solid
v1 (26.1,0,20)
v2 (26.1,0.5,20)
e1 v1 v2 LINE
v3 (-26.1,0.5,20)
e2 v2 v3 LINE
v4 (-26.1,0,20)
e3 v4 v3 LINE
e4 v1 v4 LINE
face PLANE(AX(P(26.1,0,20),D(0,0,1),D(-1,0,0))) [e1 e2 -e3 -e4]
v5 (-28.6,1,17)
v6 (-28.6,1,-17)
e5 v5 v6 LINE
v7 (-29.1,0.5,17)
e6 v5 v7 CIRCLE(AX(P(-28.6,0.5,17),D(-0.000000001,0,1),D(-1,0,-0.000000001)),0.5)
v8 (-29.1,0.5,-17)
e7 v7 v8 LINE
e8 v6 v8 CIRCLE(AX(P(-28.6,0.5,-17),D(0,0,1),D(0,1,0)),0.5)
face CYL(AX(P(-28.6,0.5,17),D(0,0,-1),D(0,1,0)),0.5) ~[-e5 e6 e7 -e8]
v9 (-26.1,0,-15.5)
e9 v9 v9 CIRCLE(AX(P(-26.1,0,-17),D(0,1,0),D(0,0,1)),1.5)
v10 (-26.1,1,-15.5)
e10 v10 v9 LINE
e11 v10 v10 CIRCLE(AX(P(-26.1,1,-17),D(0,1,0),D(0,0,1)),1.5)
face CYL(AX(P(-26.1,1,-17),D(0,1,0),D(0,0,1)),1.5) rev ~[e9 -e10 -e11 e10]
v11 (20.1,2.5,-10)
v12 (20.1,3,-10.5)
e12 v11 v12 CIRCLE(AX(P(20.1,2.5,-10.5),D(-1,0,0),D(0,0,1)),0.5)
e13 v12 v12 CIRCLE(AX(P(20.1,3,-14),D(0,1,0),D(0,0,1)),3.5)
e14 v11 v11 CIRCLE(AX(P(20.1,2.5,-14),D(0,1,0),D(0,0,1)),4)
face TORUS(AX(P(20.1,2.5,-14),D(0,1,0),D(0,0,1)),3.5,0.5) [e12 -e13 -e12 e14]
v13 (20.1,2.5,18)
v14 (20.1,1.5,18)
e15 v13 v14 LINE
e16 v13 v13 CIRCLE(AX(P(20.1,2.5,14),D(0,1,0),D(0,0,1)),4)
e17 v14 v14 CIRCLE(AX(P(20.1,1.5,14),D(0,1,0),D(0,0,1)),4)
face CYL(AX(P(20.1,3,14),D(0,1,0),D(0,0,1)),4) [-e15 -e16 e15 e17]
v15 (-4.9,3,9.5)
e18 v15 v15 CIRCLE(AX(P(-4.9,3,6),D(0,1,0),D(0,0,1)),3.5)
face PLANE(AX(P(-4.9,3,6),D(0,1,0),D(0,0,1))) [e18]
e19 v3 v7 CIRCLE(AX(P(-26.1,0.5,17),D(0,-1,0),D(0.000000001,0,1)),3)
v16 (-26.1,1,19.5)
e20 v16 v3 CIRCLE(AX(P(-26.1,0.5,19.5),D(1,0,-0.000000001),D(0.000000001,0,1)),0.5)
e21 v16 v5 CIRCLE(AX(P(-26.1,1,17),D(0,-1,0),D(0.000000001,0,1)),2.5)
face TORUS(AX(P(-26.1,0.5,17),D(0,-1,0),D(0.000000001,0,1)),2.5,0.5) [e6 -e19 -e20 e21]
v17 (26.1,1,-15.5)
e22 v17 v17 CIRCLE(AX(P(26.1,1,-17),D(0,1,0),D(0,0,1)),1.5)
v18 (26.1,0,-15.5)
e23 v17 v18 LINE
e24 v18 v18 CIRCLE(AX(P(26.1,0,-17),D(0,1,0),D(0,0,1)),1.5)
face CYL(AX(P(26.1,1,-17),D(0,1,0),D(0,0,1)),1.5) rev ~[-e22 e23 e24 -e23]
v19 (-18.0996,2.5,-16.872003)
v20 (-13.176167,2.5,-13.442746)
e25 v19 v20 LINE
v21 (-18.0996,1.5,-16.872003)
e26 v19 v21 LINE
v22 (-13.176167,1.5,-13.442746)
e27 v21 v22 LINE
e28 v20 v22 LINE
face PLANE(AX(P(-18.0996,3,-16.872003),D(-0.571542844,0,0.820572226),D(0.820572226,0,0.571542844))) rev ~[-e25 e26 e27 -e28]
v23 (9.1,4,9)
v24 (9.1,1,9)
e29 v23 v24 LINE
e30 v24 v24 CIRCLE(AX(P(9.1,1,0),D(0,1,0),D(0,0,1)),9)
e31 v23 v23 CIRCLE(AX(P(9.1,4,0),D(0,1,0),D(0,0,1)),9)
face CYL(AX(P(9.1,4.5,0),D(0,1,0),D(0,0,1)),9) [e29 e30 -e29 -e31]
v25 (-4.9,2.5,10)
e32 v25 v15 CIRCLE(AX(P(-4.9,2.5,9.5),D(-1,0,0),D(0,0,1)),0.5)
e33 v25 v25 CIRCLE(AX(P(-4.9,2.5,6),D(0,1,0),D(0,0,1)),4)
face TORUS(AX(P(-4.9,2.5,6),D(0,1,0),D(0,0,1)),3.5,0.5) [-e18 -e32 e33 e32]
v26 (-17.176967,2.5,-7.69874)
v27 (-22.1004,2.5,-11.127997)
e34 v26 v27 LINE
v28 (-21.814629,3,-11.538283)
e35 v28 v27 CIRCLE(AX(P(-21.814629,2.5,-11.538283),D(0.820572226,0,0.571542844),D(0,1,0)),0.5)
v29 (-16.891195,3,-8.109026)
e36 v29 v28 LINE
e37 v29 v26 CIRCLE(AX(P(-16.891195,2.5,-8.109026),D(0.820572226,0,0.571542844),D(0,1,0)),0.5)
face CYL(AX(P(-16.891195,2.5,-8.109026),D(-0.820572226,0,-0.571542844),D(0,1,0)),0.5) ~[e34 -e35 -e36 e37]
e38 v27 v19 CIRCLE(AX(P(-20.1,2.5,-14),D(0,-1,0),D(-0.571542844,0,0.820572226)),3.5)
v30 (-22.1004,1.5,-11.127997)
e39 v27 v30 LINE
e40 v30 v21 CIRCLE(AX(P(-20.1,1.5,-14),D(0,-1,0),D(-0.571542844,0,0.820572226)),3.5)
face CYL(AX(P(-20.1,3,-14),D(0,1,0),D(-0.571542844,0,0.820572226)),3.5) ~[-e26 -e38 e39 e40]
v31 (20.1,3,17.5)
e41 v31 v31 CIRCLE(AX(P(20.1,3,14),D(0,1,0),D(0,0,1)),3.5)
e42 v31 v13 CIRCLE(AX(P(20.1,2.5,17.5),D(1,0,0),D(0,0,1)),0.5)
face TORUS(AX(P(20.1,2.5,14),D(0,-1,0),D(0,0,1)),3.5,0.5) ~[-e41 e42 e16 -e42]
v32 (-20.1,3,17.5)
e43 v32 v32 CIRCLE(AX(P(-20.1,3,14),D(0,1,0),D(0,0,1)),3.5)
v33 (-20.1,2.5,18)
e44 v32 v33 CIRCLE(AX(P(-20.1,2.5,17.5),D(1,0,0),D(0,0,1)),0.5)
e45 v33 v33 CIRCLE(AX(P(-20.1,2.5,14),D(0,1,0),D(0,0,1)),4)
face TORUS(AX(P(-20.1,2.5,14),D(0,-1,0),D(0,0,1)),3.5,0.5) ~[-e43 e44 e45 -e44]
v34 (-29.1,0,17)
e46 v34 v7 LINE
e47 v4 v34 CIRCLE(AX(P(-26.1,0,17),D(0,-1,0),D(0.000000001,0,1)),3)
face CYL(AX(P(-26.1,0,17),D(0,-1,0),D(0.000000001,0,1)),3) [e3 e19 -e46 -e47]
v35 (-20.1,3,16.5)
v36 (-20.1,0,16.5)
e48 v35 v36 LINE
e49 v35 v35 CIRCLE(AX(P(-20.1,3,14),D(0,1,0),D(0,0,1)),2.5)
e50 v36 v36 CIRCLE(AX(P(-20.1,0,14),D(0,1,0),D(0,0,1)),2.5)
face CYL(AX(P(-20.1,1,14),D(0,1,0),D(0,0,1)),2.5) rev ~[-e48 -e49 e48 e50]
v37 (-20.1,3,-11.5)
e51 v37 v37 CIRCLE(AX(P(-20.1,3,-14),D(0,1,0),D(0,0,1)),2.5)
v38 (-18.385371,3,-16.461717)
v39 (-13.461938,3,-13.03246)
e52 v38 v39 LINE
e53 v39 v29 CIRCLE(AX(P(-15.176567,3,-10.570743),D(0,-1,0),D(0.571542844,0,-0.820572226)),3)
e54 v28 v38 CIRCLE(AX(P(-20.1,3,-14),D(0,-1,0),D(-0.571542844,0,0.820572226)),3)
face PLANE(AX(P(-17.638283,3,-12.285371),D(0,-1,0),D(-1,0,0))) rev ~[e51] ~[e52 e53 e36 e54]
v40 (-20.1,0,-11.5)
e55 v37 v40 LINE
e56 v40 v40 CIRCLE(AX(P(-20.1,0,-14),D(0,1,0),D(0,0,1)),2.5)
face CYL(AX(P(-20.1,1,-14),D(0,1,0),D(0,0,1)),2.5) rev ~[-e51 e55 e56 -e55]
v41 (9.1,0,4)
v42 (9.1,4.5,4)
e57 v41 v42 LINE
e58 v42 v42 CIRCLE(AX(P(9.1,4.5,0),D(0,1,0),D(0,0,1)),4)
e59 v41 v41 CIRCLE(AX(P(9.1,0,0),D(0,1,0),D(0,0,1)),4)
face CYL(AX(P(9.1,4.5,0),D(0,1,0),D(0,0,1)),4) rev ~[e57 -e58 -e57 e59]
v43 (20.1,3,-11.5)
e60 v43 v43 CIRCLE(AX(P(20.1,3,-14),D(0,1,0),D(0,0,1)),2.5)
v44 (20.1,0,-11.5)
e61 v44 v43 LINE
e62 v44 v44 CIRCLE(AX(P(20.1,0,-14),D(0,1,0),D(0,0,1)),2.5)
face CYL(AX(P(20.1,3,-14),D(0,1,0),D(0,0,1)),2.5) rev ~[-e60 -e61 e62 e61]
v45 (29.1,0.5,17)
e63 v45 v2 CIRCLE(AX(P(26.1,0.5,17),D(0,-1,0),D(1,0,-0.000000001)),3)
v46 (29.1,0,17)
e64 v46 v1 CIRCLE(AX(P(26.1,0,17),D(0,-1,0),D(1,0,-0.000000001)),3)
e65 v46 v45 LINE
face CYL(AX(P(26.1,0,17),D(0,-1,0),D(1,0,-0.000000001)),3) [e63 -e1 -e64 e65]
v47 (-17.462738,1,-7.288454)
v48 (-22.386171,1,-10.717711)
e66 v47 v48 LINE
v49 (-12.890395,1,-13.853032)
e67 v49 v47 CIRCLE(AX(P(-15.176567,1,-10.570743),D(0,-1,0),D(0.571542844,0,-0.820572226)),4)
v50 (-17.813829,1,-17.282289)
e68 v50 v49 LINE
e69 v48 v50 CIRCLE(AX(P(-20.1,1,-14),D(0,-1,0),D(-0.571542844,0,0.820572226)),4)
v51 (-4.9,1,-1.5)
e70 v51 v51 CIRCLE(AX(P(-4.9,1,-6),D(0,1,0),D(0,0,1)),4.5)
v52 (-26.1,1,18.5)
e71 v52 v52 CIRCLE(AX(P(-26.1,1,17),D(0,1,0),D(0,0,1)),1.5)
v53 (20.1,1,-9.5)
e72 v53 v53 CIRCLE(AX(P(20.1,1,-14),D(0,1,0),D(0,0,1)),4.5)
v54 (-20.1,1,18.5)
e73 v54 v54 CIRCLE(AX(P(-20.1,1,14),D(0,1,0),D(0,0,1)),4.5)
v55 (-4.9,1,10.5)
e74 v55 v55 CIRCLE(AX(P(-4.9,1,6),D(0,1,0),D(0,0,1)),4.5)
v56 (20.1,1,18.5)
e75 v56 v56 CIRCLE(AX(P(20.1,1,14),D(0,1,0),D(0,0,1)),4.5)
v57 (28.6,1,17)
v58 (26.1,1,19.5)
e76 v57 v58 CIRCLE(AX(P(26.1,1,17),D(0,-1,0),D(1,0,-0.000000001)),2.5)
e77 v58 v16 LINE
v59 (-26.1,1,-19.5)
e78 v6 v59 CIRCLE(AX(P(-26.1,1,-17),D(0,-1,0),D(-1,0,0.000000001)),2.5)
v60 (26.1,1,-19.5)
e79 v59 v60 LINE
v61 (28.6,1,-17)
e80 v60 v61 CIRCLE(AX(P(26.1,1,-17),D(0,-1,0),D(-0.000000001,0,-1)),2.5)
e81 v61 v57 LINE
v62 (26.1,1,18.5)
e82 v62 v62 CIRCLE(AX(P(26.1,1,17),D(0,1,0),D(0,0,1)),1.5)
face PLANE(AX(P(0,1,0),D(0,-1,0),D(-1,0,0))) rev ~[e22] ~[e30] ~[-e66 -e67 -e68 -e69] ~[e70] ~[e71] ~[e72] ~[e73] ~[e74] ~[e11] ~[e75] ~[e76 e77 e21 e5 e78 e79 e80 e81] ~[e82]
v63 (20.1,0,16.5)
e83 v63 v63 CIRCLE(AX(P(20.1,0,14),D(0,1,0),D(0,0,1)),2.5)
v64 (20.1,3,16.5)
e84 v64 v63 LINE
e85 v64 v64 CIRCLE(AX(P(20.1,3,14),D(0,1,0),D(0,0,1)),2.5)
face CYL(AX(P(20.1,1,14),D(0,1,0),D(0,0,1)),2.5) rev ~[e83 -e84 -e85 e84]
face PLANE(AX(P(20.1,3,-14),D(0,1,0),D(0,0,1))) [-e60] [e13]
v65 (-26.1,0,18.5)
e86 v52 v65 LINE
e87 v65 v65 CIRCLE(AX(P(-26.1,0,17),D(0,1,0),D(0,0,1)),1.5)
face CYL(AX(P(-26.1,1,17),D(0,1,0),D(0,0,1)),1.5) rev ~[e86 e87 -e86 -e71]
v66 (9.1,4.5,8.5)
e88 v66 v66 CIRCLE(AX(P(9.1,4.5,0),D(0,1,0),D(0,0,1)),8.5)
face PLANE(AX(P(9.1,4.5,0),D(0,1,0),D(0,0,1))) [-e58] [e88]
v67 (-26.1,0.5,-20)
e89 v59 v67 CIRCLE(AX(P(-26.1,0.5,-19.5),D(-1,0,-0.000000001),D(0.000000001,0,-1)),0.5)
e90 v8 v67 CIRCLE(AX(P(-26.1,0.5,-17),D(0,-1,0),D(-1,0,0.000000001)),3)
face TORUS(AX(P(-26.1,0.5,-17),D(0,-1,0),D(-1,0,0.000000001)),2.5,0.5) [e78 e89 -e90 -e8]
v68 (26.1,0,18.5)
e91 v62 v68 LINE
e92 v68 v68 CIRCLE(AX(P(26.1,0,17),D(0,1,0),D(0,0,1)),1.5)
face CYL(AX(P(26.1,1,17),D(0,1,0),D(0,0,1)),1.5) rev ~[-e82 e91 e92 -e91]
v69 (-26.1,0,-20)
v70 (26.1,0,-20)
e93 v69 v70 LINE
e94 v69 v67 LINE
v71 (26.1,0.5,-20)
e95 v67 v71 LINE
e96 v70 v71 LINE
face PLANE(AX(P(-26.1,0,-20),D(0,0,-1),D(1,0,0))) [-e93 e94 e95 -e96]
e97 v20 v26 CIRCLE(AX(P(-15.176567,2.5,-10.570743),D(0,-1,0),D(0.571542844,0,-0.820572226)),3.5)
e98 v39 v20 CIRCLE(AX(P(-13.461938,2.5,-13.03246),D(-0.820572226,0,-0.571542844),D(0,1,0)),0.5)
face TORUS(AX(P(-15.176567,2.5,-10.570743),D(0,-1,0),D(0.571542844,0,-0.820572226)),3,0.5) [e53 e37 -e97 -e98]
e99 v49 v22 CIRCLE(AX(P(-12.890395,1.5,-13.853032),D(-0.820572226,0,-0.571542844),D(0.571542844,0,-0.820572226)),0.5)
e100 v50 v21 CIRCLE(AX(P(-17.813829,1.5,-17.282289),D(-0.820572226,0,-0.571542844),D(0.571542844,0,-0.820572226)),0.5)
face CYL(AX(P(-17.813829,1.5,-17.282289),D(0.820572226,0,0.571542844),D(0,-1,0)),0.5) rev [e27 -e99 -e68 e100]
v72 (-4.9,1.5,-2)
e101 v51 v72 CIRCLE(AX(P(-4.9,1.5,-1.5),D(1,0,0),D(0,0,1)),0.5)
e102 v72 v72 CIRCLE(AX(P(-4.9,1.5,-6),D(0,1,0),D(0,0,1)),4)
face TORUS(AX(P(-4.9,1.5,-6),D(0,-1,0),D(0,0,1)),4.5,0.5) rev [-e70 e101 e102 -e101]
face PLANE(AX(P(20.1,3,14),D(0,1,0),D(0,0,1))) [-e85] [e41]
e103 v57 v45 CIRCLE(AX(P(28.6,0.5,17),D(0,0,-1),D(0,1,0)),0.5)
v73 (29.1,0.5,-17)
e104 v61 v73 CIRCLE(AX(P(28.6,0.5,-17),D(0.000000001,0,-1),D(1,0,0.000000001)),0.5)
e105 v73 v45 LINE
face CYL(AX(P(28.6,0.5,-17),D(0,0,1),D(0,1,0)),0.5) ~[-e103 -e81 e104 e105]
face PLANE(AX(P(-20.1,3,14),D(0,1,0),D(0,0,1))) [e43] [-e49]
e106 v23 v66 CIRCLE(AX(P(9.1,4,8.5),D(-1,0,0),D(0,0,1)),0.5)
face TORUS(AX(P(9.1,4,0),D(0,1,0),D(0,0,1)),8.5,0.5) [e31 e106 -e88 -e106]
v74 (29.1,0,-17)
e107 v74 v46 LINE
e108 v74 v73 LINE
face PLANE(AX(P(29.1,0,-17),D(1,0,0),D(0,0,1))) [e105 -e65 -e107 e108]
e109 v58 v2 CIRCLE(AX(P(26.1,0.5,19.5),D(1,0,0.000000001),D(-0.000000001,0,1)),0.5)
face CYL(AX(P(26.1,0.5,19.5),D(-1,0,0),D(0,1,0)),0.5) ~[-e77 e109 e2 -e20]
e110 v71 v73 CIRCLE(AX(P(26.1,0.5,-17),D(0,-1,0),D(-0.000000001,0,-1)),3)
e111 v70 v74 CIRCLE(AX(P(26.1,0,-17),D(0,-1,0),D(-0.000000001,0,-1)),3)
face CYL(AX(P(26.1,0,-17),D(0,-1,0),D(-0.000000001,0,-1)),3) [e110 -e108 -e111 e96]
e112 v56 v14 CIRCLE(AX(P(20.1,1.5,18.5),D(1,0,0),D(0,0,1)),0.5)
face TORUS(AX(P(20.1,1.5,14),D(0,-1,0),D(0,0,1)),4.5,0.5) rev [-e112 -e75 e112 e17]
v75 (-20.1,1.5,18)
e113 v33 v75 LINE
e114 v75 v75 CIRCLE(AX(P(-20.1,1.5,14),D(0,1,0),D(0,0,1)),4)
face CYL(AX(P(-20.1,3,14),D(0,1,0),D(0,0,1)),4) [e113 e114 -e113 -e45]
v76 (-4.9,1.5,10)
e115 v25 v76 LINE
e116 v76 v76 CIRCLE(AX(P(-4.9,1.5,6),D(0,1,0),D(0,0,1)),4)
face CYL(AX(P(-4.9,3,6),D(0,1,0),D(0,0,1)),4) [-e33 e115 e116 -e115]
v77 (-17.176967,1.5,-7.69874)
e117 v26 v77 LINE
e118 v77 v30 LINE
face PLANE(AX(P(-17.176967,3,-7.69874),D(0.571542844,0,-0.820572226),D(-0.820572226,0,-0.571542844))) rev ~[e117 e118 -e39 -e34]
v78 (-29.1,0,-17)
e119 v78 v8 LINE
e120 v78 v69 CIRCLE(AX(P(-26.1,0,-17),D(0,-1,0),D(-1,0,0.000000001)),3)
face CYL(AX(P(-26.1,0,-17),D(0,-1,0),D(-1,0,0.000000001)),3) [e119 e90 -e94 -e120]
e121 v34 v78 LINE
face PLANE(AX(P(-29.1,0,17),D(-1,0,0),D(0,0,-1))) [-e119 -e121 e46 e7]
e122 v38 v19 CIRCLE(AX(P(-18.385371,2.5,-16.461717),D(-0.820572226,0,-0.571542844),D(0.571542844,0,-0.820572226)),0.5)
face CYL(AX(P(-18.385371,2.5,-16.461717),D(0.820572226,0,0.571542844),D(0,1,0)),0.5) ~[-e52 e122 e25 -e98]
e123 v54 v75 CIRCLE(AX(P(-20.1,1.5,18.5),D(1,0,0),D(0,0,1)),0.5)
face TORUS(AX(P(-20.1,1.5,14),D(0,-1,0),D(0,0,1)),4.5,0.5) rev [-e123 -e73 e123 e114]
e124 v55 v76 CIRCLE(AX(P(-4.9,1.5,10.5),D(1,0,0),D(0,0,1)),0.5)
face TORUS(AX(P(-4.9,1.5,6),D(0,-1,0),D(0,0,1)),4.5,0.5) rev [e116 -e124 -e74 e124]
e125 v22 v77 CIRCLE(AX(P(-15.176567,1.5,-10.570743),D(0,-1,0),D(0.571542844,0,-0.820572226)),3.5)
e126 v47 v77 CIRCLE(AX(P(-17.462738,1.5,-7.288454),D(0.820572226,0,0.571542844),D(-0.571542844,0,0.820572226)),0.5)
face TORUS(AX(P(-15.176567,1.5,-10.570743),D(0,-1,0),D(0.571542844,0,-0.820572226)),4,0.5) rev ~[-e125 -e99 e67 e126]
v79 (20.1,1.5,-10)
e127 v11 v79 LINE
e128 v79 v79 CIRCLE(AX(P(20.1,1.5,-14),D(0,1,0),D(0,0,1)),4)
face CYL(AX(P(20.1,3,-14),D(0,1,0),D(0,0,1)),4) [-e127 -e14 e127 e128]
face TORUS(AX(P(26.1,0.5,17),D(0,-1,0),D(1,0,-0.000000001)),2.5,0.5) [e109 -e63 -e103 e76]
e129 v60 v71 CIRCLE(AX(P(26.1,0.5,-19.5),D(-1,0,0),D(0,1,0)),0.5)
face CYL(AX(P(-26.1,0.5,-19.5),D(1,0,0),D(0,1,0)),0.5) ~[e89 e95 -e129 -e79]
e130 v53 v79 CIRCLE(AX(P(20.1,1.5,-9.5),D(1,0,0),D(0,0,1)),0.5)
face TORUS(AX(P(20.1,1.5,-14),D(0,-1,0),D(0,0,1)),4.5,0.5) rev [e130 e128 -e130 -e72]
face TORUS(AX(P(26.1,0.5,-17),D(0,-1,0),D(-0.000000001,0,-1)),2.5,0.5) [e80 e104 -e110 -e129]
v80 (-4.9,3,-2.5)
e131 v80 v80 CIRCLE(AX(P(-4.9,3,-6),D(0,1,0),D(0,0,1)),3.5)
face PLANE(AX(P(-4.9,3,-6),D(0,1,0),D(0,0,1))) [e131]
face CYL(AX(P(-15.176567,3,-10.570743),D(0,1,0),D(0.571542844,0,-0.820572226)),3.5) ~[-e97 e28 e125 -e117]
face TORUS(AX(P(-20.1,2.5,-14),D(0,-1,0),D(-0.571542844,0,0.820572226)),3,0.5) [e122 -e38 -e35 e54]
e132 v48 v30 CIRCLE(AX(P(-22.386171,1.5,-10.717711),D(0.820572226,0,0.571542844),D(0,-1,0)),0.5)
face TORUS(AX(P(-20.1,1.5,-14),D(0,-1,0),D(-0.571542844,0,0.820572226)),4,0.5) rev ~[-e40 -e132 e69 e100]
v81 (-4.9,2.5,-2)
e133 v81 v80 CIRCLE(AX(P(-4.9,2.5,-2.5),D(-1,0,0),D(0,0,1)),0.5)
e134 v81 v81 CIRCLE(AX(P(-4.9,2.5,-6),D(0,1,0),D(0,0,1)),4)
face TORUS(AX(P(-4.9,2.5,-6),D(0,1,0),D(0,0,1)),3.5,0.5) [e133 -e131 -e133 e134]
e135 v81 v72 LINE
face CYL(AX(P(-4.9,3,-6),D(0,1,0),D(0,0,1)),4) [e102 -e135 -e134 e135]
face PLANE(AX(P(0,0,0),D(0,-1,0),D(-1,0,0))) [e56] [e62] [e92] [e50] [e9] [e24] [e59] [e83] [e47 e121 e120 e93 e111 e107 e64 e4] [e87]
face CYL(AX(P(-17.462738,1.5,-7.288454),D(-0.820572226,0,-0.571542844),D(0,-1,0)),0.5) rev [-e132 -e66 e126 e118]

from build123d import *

# Parameters (mm, degrees)
BOSS_EXTRUDE1_DEPTH = 1
SKETCH2_R           = 2.5
SKETCH2_R_2         = 1.5
CUT_EXTRUDE3_DEPTH  = 2
BOSS_EXTRUDE3_START = 2
SKETCH2_6_R         = 2.5
SKETCH2_6_R_2       = 4
BOSS_EXTRUDE3_DEPTH = 2
FILLET1_R           = 0.5
SKETCH3_R           = 4
CUT_EXTRUDE4_DEPTH  = 2
BOSS_EXTRUDE4_START = 3.5
SKETCH3_3_R         = 9
SKETCH3_3_R_2       = 4
BOSS_EXTRUDE4_DEPTH = 3.5
FILLET2_R           = 0.5
FILLET3_R           = 0.5


with BuildPart() as part:
    # Sketch1 → Boss-Extrude1 (new body)
    with BuildSketch(Plane(origin=(0, 0, 0), x_dir=(1, 0, 0), z_dir=(0, 1, 0))):
        with BuildLine():
            Line((-26.1, 20), (26.1, 20))
            ThreePointArc((26.1, 20), (28.221320344, 19.121320344), (29.1, 17))
            Line((29.1, 17), (29.1, -17))
            ThreePointArc((29.1, -17), (28.221320344, -19.121320344), (26.1, -20))
            Line((26.1, -20), (-26.1, -20))
            ThreePointArc((-26.1, -20), (-28.221320344, -19.121320344), (-29.1, -17))
            Line((-29.1, -17), (-29.1, 17))
            ThreePointArc((-29.1, 17), (-28.221320344, 19.121320344), (-26.1, 20))
        make_face()
    extrude(amount=BOSS_EXTRUDE1_DEPTH)

    # Sketch2 → Cut-Extrude3 (cut)
    with BuildSketch(Plane(origin=(0, 1, 0), x_dir=(1, 0, 0), z_dir=(0, 1, 0))):
        with Locations((20.1, -14)):
            Circle(SKETCH2_R)
        with Locations((20.1, 14)):
            Circle(SKETCH2_R)
        with Locations((-20.1, -14)):
            Circle(SKETCH2_R)
        with Locations((-20.1, 14)):
            Circle(SKETCH2_R)
        with Locations((-26.1, -17)):
            Circle(SKETCH2_R_2)
        with Locations((-26.1, 17)):
            Circle(SKETCH2_R_2)
        with Locations((26.1, 17)):
            Circle(SKETCH2_R_2)
        with Locations((26.1, -17)):
            Circle(SKETCH2_R_2)
    extrude(amount=-CUT_EXTRUDE3_DEPTH, mode=Mode.SUBTRACT)

    # Sketch2<6> → Boss-Extrude3 (add)
    # profile 1 of 6: a face of its own
    with BuildSketch(Plane(origin=(0, 1, 0), x_dir=(1, 0, 0), z_dir=(0, 1, 0)).offset(BOSS_EXTRUDE3_START)):
        with BuildLine():
            Line((-13.176166692, 13.442745727), (-18.099600047, 16.87200279))
            ThreePointArc((-18.099600047, 16.87200279), (-22.97200279, 16.000399953), (-22.100399953, 11.12799721))
            Line((-22.100399953, 11.12799721), (-17.176966599, 7.698740147))
            ThreePointArc((-17.176966599, 7.698740147), (-12.304563855, 8.570342984), (-13.176166692, 13.442745727))
        make_face()
        with Locations((-20.1, 14)):
            Circle(SKETCH2_6_R, mode=Mode.SUBTRACT)
    # profile 2 of 6: a face of its own
    with BuildSketch(Plane(origin=(0, 1, 0), x_dir=(1, 0, 0), z_dir=(0, 1, 0)).offset(BOSS_EXTRUDE3_START)):
        with Locations((20.1, -14)):
            Circle(SKETCH2_6_R_2)
        with Locations((20.1, -14)):
            Circle(SKETCH2_6_R, mode=Mode.SUBTRACT)
    # profile 3 of 6: a face of its own
    with BuildSketch(Plane(origin=(0, 1, 0), x_dir=(1, 0, 0), z_dir=(0, 1, 0)).offset(BOSS_EXTRUDE3_START)):
        with Locations((20.1, 14)):
            Circle(SKETCH2_6_R_2)
        with Locations((20.1, 14)):
            Circle(SKETCH2_6_R, mode=Mode.SUBTRACT)
    # profile 4 of 6: a face of its own
    with BuildSketch(Plane(origin=(0, 1, 0), x_dir=(1, 0, 0), z_dir=(0, 1, 0)).offset(BOSS_EXTRUDE3_START)):
        with Locations((-20.1, -14)):
            Circle(SKETCH2_6_R_2)
        with Locations((-20.1, -14)):
            Circle(SKETCH2_6_R, mode=Mode.SUBTRACT)
    # profile 5 of 6: a face of its own
    with BuildSketch(Plane(origin=(0, 1, 0), x_dir=(1, 0, 0), z_dir=(0, 1, 0)).offset(BOSS_EXTRUDE3_START)):
        with Locations((-4.9, -6)):
            Circle(SKETCH2_6_R_2)
    # profile 6 of 6: a face of its own
    with BuildSketch(Plane(origin=(0, 1, 0), x_dir=(1, 0, 0), z_dir=(0, 1, 0)).offset(BOSS_EXTRUDE3_START)):
        with Locations((-4.9, 6)):
            Circle(SKETCH2_6_R_2)
    extrude(amount=-BOSS_EXTRUDE3_DEPTH)

    # Fillet1
    fillet1_edges = [part.edges().sort_by_distance(p)[0] for p in [
        (-28.221320344, 1, 19.121320344),
        (-29.1, 1, 0),
        (-28.221320344, 1, -19.121320344),
        (0, 1, -20),
        (28.221320344, 1, -19.121320344),
        (29.1, 1, 0),
        (28.221320344, 1, 19.121320344),
        (0, 1, 20),
        (-12.304563855, 3, -8.570342984),
        (-15.637883369, 3, -15.157374259),
        (-22.97200279, 3, -16.000399953),
        (16.1, 3, -14),
        (-19.638683276, 3, -9.413368678),
        (-8.9, 3, -6),
        (-8.9, 3, 6),
        (-24.1, 3, 14),
        (16.1, 3, 14),
    ]]
    fillet(fillet1_edges, radius=FILLET1_R)

    # Sketch3 → Cut-Extrude4 (cut)
    with BuildSketch(Plane(origin=(0, 1, 0), x_dir=(1, 0, 0), z_dir=(0, 1, 0))):
        with Locations((9.1, 0)):
            Circle(SKETCH3_R)
    extrude(amount=-CUT_EXTRUDE4_DEPTH, mode=Mode.SUBTRACT)

    # Sketch3<3> → Boss-Extrude4 (add)
    with BuildSketch(Plane(origin=(0, 1, 0), x_dir=(1, 0, 0), z_dir=(0, 1, 0)).offset(BOSS_EXTRUDE4_START)):
        with Locations((9.1, 0)):
            Circle(SKETCH3_3_R)
        with Locations((9.1, 0)):
            Circle(SKETCH3_3_R_2, mode=Mode.SUBTRACT)
    extrude(amount=-BOSS_EXTRUDE4_DEPTH)

    # Fillet2
    fillet2_edges = [part.edges().sort_by_distance(p)[0] for p in [
        (0.1, 4.5, 0),
    ]]
    fillet(fillet2_edges, radius=FILLET2_R)

    # Fillet3
    fillet3_edges = [part.edges().sort_by_distance(p)[0] for p in [
        (-12.304563855, 1, -8.570342984),
        (-15.637883369, 1, -15.157374259),
        (-22.97200279, 1, -16.000399953),
        (-24.1, 1, 14),
        (-19.638683276, 1, -9.413368678),
        (16.1, 1, -14),
        (16.1, 1, 14),
        (-8.9, 1, -6),
        (-8.9, 1, 6),
    ]]
    fillet(fillet3_edges, radius=FILLET3_R)


solid = part.part
